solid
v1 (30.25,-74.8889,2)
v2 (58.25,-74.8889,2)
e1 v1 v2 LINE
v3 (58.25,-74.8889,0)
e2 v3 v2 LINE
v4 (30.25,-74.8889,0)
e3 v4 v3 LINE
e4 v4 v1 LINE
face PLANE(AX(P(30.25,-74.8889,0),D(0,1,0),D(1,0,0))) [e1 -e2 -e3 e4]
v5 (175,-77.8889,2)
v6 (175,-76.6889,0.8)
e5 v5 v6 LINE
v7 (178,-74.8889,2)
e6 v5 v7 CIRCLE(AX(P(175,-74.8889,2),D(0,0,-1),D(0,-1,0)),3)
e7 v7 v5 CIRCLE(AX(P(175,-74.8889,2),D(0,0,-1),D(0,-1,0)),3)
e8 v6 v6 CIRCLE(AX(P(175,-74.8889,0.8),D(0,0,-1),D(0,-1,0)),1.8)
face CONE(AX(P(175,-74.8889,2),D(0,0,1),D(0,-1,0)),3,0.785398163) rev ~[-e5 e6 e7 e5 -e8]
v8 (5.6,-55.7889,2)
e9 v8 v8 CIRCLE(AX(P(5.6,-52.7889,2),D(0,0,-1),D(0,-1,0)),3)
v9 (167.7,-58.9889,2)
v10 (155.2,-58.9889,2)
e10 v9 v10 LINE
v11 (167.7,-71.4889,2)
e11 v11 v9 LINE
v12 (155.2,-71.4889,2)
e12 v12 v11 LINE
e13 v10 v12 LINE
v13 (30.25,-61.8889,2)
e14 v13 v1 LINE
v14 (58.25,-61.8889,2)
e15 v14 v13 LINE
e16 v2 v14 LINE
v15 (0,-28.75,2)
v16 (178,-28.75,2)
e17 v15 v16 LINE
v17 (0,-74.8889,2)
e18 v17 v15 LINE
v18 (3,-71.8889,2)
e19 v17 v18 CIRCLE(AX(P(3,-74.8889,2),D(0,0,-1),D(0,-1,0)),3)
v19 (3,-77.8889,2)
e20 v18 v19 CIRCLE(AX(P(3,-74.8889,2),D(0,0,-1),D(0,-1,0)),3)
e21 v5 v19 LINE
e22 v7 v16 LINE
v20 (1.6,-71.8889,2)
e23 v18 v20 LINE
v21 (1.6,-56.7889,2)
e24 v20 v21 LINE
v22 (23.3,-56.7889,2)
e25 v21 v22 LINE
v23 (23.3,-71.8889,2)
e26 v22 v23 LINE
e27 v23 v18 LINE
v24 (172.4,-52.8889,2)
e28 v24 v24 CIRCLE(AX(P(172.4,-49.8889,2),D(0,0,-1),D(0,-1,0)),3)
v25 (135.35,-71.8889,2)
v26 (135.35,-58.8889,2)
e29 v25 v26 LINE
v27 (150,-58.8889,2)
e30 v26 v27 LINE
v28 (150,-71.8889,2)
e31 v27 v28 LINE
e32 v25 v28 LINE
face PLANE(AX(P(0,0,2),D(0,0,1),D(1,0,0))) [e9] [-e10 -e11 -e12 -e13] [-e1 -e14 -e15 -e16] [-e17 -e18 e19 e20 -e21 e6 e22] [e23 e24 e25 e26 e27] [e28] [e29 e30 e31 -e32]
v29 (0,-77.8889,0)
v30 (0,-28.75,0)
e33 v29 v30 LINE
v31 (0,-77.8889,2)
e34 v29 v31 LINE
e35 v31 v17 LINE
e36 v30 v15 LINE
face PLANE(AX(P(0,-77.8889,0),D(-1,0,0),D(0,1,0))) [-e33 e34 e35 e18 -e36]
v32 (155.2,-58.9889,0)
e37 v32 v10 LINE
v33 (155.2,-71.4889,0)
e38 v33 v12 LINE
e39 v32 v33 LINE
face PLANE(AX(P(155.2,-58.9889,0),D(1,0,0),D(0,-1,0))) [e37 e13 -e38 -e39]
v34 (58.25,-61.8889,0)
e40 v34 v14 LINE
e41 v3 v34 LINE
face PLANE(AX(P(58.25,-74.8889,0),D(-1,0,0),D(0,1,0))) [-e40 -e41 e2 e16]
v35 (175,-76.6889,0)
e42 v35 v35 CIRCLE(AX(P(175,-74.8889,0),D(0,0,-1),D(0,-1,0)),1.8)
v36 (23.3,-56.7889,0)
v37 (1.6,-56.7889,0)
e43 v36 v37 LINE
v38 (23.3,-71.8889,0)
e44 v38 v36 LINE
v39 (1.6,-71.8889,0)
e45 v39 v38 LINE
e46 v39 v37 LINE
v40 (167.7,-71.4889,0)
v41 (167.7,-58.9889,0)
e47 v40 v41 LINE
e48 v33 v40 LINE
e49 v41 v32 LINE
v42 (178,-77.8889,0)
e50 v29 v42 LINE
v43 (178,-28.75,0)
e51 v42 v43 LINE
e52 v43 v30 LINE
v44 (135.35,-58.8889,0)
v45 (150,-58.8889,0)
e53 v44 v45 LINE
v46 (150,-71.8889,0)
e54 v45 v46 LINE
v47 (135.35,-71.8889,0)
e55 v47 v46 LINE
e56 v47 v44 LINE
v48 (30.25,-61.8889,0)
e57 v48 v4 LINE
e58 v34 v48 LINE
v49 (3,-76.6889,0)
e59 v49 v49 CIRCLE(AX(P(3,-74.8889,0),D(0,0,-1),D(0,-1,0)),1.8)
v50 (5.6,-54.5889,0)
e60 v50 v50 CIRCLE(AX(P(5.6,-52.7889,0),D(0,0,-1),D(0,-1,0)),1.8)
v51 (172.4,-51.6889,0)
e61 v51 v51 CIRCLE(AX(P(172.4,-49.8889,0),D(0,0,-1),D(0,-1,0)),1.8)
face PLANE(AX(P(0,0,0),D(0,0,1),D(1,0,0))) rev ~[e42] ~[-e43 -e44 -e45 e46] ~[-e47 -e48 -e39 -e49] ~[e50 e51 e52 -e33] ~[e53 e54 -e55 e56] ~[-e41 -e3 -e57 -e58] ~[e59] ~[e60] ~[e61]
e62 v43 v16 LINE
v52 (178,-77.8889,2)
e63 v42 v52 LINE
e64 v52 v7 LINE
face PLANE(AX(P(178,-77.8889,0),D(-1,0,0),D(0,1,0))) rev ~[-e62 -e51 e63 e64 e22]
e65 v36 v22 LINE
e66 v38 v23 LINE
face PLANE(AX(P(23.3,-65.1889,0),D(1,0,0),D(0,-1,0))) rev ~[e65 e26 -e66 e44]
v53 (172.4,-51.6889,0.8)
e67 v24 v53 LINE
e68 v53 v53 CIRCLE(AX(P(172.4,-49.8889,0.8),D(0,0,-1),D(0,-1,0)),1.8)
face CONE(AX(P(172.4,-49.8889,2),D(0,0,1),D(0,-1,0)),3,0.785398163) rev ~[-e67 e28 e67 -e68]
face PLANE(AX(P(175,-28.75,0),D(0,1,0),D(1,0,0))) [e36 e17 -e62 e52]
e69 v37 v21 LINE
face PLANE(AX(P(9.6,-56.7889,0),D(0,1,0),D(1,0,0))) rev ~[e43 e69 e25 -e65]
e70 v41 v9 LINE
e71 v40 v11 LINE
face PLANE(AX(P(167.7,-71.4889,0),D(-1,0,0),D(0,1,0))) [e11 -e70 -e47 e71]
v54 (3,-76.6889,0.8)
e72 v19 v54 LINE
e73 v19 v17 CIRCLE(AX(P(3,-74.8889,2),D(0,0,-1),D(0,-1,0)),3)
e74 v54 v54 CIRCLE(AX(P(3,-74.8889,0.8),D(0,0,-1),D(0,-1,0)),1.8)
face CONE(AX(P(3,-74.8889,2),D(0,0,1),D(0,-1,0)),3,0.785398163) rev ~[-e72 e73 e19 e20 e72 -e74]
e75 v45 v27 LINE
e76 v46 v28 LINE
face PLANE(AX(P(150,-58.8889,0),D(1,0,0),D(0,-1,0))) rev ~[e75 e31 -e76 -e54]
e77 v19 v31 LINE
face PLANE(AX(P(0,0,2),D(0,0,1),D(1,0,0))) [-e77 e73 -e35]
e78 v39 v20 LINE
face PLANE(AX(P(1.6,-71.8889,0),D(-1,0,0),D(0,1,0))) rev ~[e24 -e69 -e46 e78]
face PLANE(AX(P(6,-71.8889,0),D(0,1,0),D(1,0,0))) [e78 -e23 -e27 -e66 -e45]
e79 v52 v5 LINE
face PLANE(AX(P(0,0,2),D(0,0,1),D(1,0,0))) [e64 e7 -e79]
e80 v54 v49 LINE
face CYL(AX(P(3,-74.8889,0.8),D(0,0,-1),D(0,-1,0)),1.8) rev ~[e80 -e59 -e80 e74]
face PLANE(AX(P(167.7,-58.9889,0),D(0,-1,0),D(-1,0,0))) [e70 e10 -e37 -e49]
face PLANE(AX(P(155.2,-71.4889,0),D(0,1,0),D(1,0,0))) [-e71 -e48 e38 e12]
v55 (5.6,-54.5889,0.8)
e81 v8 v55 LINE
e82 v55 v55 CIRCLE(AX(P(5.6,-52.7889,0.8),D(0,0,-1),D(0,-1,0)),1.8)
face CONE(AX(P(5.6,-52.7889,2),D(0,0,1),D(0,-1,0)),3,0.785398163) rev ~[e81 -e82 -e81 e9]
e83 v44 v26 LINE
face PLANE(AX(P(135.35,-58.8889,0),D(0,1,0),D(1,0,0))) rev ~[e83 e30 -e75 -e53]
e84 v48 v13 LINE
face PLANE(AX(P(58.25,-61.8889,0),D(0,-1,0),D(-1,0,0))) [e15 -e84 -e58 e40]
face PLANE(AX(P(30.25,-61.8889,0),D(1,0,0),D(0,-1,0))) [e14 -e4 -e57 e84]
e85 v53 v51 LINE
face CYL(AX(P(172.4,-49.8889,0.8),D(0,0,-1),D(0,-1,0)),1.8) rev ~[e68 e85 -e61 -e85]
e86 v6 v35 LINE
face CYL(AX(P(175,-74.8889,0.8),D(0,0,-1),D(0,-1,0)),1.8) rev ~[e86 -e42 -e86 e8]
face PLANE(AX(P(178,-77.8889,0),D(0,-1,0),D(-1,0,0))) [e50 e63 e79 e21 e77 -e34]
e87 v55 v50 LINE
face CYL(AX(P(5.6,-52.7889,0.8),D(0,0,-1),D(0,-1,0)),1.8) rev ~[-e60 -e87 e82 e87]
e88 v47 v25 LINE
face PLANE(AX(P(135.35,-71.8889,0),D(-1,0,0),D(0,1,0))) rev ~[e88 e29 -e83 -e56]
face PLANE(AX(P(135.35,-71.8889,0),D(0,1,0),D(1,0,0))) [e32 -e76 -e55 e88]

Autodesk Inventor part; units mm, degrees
ref_plane "YZ Plane" through (0, 0, 0) normal (1, 0, 0) x (0, 1, 0)
ref_plane "XZ Plane" through (0, 0, 0) normal (0, 1, 0) x (-1, 0, 0)
ref_plane "XY Plane" through (0, 0, 0) normal (0, 0, 1) x (1, 0, 0)
ref_plane "Work Plane1" through (0, 0, 0) normal (0, 0, 1) x (1, 0, 0)
sketch "Sketch1" plane through (0, 0, 0) normal (0, 0, 1) x (1, 0, 0)
  circle A0 centre (118.7, -21.5445) radius 2.5 projected
  circle A1 centre (113.95, -8.8843) radius 2.5 projected
  circle A2 centre (64.05, -19.8657) radius 2.5 projected
  circle A3 centre (59.3, -7.2055) radius 2.5 projected
  circle A4 centre (64.05, -8.8843) radius 2.5 projected
  circle A5 centre (59.3, -21.5445) radius 2.5 projected
  circle A6 centre (118.7, -7.2055) radius 2.5 projected
  circle A7 centre (113.95, -19.8657) radius 2.5 projected
  line L0 (84.5, 12.4325) -> (84.5, -11.5675) projected
  line L1 (84.5, -11.5675) -> (72.5, -11.5675) projected
  line L2 (72.5, -11.5675) -> (72.5, 4.5875) projected
  circle A8 centre (69.5, 4.5875) radius 3 projected
  line L3 (72.5, 4.5875) -> (72.5, 12.4325) projected
  line L4 (72.5, 12.4325) -> (84.5, 12.4325) projected
  arc A9 (105.5, 4.2836) -> (105.5, 4.8914) centre (108.4846, 4.5875) ccw projected
  line L5 (105.5, 4.2836) -> (105.5, -11.5675) projected
  line L6 (105.5, -11.5675) -> (93.5, -11.5675) projected
  line L7 (93.5, -11.5675) -> (93.5, 12.4325) projected
  line L8 (93.5, 12.4325) -> (105.5, 12.4325) projected
  line L9 (105.5, 12.4325) -> (105.5, 4.8914) projected
  circle A10 centre (108.4462, 27.5) radius 3 projected
  circle A11 centre (69.5, 27.5) radius 3 projected
  circle A12 centre (89, 0.9661) radius 3 projected
  circle A13 centre (89, 29.5) radius 3 projected
  arc A14 (175, 0) -> (178, -3) centre (175, -3) ccw projected
  line L10 (175, 0) -> (112.5, 0) projected
  line L11 (112.5, 0) -> (112.5, 55) projected
  line L12 (112.5, 55) -> (65.5, 55) projected
  line L13 (65.5, 55) -> (65.5, 0) projected
  line L14 (65.5, 0) -> (3, 0) projected
  arc A15 (0, -3) -> (3, 0) centre (3, -3) ccw projected
  line L15 (0, -3) -> (0, -25.75) projected
  arc A16 (3, -28.75) -> (0, -25.75) centre (3, -25.75) ccw projected
  line L16 (3, -28.75) -> (175, -28.75) projected
  arc A17 (178, -25.75) -> (175, -28.75) centre (175, -25.75) ccw projected
  line L17 (178, -25.75) -> (178, -3) projected
  circle A18 centre (3, -25.75) radius 2.3 projected
  circle A19 centre (3, -3) radius 2.3 projected
  circle A20 centre (3, -74.8889) radius 2.3 projected
  line L18 (0, 0) -> (6, 0) projected
  line L19 (0, -77.8889) -> (0, 0) projected
  line L20 (0, -77.8889) -> (6, -77.8889) projected
  line L21 (6, -71.8889) -> (6, -77.8889) projected
  line L22 (6, -71.8889) -> (1.6, -71.8889) projected
  line L23 (1.6, -71.8889) -> (1.6, -56.7889) projected
  line L24 (1.6, -56.7889) -> (9.6, -56.7889) projected
  line L25 (9.6, -44.7889) -> (9.6, -56.7889) projected
  line L26 (3, -44.7889) -> (9.6, -44.7889) projected
  line L27 (3, -28.75) -> (3, -44.7889) projected
  line L28 (3, -28.75) -> (6, -28.75) projected
  line L29 (6, -28.75) -> (6, -22.75) projected
  line L30 (6, -22.75) -> (3, -22.75) projected
  line L31 (3, -6) -> (3, -22.75) projected
  line L32 (3, -6) -> (6, -6) projected
  line L33 (6, -6) -> (6, 0) projected
  circle A21 centre (5.6, -52.7889) radius 2.6 projected
  circle A22 centre (175, -3) radius 2.3 projected
  circle A23 centre (175, -25.75) radius 2.3 projected
  line L34 (175, -28.75) -> (175, -41.8889) projected
  line L35 (168.4, -41.8889) -> (175, -41.8889) projected
  line L36 (168.4, -53.8889) -> (168.4, -41.8889) projected
  line L37 (175, -53.8889) -> (168.4, -53.8889) projected
  line L38 (175, -53.8889) -> (175, -71.8889) projected
  line L39 (175, -71.8889) -> (172, -71.8889) projected
  line L40 (172, -71.8889) -> (172, -77.8889) projected
  line L41 (178, -77.8889) -> (172, -77.8889) projected
  line L42 (178, -77.8889) -> (178, 0) projected
  line L43 (178, 0) -> (172, 0) projected
  line L44 (172, 0) -> (172, -6) projected
  line L45 (172, -6) -> (175, -6) projected
  line L46 (175, -6) -> (175, -22.75) projected
  line L47 (175, -22.75) -> (172, -22.75) projected
  line L48 (172, -22.75) -> (172, -28.75) projected
  line L49 (172, -28.75) -> (175, -28.75) projected
  circle A24 centre (175, -74.8889) radius 2.3 projected
  circle A25 centre (172.4, -49.8889) radius 2.6 projected
  line L50 (156.2, -70.4889) -> (156.2, -59.9889) projected
  line L51 (166.7, -59.9889) -> (156.2, -59.9889) projected
  line L52 (166.7, -59.9889) -> (166.7, -70.4889) projected
  line L53 (156.2, -70.4889) -> (166.7, -70.4889) projected
  line L54 (149, -59.8889) -> (149, -70.8889) projected
  line L55 (149, -70.8889) -> (136.35, -70.8889) projected
  line L56 (136.35, -70.8889) -> (136.35, -59.8889) projected
  line L57 (136.35, -59.8889) -> (149, -59.8889) projected
  line L58 (135, -53.8889) -> (135, -71.8889) projected
  line L59 (135, -71.8889) -> (175, -71.8889) projected
  line L60 (175, -71.8889) -> (175, -53.8889) projected
  line L61 (175, -53.8889) -> (135, -53.8889) projected
  circle A26 centre (137.85, -56.7389) radius 1.5 projected
  circle A27 centre (172.15, -56.7389) radius 1.5 projected
  line L62 (31.25, -62.8889) -> (31.25, -73.8889) projected
  line L63 (31.25, -73.8889) -> (57.25, -73.8889) projected
  line L64 (57.25, -73.8889) -> (57.25, -62.8889) projected
  line L65 (57.25, -62.8889) -> (31.25, -62.8889) projected
  line L66 (9.6, -56.7889) -> (23.3, -56.7889) projected
  line L67 (23.3, -56.7889) -> (23.3, -59.8889) projected
  line L68 (23.3, -59.8889) -> (23.3, -65.1889) projected
  line L69 (3, -71.8889) -> (23.3, -71.8889) projected
  line L70 (23.3, -61.8889) -> (23.3, -74.8889) projected
  line L71 (30.25, -61.8889) -> (30.25, -74.8889)
  line L72 (30.25, -74.8889) -> (58.25, -74.8889)
  line L73 (58.25, -74.8889) -> (58.25, -61.8889)
  line L74 (58.25, -61.8889) -> (30.25, -61.8889)
  line L75 (150, -58.8889) -> (150, -71.8889)
  line L76 (150, -71.8889) -> (135.35, -71.8889)
  line L77 (135.35, -71.8889) -> (135.35, -58.8889)
  line L78 (135.35, -58.8889) -> (150, -58.8889)
  line L79 (155.2, -58.9889) -> (155.2, -71.4889)
  line L80 (155.2, -71.4889) -> (167.7, -71.4889)
  line L81 (167.7, -71.4889) -> (167.7, -58.9889)
  line L82 (167.7, -58.9889) -> (155.2, -58.9889)
  line L83 (0, -28.75) -> (178, -28.75)
  line L84 (178, -28.75) -> (178, -77.8889)
  line L85 (178, -77.8889) -> (0, -77.8889)
  line L86 (0, -77.8889) -> (0, -28.75)
  point P0 (3, -28.75)
  point P1 (175, -28.75)
  point P2 (135.35, -71.8889)
  dimension "d0" = 1
  dimension "d1" = 1
  dimension "d2" = 1
extrude "Extrusion1" add sketch "Sketch1" along normal blind 2 contours L42 L41 L40 L39 L38 L37 L36 L35 L34 L83 | L34 L35 L36 L61 L58 L59 L40 L85 L21 L69 L70 L68 L67 L66 L25 L26 L27 L16 | L27 L26 L25 L24 L23 L22 L21 L20 L19 L83 | L59 L75 L78 L77 L58 L61 L37 L38 L39 | A20 | A21 | A24 | A25 | A26 | A27
sketch "Sketch2" plane through (0, 0, 2) normal (0, 0, 1) x (1, 0, 0)
  circle A0 centre (3, -25.75) radius 2.3 projected
  circle A1 centre (3, -3) radius 2.3 projected
  circle A2 centre (3, -74.8889) radius 2.3 projected
  line L0 (0, 0) -> (6, 0) projected
  line L1 (0, -77.8889) -> (0, 0) projected
  line L2 (0, -77.8889) -> (6, -77.8889) projected
  line L3 (6, -71.8889) -> (6, -77.8889) projected
  line L4 (6, -71.8889) -> (1.6, -71.8889) projected
  line L5 (1.6, -71.8889) -> (1.6, -56.7889) projected
  line L6 (1.6, -56.7889) -> (9.6, -56.7889) projected
  line L7 (9.6, -44.7889) -> (9.6, -56.7889) projected
  line L8 (3, -44.7889) -> (9.6, -44.7889) projected
  line L9 (3, -28.75) -> (3, -44.7889) projected
  line L10 (3, -28.75) -> (6, -28.75) projected
  line L11 (6, -28.75) -> (6, -22.75) projected
  line L12 (6, -22.75) -> (3, -22.75) projected
  line L13 (3, -6) -> (3, -22.75) projected
  line L14 (3, -6) -> (6, -6) projected
  line L15 (6, -6) -> (6, 0) projected
  circle A3 centre (5.6, -52.7889) radius 2.6 projected
  circle A4 centre (172.4, -49.8889) radius 2.6 projected
  circle A5 centre (175, -3) radius 2.3 projected
  circle A6 centre (175, -25.75) radius 2.3 projected
  line L16 (175, -28.75) -> (175, -41.8889) projected
  line L17 (168.4, -41.8889) -> (175, -41.8889) projected
  line L18 (168.4, -53.8889) -> (168.4, -41.8889) projected
  line L19 (175, -53.8889) -> (168.4, -53.8889) projected
  line L20 (175, -53.8889) -> (175, -71.8889) projected
  line L21 (175, -71.8889) -> (172, -71.8889) projected
  line L22 (172, -71.8889) -> (172, -77.8889) projected
  line L23 (178, -77.8889) -> (172, -77.8889) projected
  line L24 (178, -77.8889) -> (178, 0) projected
  line L25 (178, 0) -> (172, 0) projected
  line L26 (172, 0) -> (172, -6) projected
  line L27 (172, -6) -> (175, -6) projected
  line L28 (175, -6) -> (175, -22.75) projected
  line L29 (175, -22.75) -> (172, -22.75) projected
  line L30 (172, -22.75) -> (172, -28.75) projected
  line L31 (172, -28.75) -> (175, -28.75) projected
  circle A7 centre (175, -74.8889) radius 2.3 projected
  circle A8 centre (172.4, -49.8889) radius 2.6 projected
hole "Hole1" at (5.6, -52.7889, 2) at (3, -74.8889, 2) at (175, -74.8889, 2) at (172.4, -49.8889, 2) direction (0, 0, -1) diameter 3.6 end through all countersink diameter 6 countersink angle 90 clearance for "Countersunk Flat Head Screw ISO 2009/7046" size "M3" standard "ISO"
properties part number "ceil_front"
